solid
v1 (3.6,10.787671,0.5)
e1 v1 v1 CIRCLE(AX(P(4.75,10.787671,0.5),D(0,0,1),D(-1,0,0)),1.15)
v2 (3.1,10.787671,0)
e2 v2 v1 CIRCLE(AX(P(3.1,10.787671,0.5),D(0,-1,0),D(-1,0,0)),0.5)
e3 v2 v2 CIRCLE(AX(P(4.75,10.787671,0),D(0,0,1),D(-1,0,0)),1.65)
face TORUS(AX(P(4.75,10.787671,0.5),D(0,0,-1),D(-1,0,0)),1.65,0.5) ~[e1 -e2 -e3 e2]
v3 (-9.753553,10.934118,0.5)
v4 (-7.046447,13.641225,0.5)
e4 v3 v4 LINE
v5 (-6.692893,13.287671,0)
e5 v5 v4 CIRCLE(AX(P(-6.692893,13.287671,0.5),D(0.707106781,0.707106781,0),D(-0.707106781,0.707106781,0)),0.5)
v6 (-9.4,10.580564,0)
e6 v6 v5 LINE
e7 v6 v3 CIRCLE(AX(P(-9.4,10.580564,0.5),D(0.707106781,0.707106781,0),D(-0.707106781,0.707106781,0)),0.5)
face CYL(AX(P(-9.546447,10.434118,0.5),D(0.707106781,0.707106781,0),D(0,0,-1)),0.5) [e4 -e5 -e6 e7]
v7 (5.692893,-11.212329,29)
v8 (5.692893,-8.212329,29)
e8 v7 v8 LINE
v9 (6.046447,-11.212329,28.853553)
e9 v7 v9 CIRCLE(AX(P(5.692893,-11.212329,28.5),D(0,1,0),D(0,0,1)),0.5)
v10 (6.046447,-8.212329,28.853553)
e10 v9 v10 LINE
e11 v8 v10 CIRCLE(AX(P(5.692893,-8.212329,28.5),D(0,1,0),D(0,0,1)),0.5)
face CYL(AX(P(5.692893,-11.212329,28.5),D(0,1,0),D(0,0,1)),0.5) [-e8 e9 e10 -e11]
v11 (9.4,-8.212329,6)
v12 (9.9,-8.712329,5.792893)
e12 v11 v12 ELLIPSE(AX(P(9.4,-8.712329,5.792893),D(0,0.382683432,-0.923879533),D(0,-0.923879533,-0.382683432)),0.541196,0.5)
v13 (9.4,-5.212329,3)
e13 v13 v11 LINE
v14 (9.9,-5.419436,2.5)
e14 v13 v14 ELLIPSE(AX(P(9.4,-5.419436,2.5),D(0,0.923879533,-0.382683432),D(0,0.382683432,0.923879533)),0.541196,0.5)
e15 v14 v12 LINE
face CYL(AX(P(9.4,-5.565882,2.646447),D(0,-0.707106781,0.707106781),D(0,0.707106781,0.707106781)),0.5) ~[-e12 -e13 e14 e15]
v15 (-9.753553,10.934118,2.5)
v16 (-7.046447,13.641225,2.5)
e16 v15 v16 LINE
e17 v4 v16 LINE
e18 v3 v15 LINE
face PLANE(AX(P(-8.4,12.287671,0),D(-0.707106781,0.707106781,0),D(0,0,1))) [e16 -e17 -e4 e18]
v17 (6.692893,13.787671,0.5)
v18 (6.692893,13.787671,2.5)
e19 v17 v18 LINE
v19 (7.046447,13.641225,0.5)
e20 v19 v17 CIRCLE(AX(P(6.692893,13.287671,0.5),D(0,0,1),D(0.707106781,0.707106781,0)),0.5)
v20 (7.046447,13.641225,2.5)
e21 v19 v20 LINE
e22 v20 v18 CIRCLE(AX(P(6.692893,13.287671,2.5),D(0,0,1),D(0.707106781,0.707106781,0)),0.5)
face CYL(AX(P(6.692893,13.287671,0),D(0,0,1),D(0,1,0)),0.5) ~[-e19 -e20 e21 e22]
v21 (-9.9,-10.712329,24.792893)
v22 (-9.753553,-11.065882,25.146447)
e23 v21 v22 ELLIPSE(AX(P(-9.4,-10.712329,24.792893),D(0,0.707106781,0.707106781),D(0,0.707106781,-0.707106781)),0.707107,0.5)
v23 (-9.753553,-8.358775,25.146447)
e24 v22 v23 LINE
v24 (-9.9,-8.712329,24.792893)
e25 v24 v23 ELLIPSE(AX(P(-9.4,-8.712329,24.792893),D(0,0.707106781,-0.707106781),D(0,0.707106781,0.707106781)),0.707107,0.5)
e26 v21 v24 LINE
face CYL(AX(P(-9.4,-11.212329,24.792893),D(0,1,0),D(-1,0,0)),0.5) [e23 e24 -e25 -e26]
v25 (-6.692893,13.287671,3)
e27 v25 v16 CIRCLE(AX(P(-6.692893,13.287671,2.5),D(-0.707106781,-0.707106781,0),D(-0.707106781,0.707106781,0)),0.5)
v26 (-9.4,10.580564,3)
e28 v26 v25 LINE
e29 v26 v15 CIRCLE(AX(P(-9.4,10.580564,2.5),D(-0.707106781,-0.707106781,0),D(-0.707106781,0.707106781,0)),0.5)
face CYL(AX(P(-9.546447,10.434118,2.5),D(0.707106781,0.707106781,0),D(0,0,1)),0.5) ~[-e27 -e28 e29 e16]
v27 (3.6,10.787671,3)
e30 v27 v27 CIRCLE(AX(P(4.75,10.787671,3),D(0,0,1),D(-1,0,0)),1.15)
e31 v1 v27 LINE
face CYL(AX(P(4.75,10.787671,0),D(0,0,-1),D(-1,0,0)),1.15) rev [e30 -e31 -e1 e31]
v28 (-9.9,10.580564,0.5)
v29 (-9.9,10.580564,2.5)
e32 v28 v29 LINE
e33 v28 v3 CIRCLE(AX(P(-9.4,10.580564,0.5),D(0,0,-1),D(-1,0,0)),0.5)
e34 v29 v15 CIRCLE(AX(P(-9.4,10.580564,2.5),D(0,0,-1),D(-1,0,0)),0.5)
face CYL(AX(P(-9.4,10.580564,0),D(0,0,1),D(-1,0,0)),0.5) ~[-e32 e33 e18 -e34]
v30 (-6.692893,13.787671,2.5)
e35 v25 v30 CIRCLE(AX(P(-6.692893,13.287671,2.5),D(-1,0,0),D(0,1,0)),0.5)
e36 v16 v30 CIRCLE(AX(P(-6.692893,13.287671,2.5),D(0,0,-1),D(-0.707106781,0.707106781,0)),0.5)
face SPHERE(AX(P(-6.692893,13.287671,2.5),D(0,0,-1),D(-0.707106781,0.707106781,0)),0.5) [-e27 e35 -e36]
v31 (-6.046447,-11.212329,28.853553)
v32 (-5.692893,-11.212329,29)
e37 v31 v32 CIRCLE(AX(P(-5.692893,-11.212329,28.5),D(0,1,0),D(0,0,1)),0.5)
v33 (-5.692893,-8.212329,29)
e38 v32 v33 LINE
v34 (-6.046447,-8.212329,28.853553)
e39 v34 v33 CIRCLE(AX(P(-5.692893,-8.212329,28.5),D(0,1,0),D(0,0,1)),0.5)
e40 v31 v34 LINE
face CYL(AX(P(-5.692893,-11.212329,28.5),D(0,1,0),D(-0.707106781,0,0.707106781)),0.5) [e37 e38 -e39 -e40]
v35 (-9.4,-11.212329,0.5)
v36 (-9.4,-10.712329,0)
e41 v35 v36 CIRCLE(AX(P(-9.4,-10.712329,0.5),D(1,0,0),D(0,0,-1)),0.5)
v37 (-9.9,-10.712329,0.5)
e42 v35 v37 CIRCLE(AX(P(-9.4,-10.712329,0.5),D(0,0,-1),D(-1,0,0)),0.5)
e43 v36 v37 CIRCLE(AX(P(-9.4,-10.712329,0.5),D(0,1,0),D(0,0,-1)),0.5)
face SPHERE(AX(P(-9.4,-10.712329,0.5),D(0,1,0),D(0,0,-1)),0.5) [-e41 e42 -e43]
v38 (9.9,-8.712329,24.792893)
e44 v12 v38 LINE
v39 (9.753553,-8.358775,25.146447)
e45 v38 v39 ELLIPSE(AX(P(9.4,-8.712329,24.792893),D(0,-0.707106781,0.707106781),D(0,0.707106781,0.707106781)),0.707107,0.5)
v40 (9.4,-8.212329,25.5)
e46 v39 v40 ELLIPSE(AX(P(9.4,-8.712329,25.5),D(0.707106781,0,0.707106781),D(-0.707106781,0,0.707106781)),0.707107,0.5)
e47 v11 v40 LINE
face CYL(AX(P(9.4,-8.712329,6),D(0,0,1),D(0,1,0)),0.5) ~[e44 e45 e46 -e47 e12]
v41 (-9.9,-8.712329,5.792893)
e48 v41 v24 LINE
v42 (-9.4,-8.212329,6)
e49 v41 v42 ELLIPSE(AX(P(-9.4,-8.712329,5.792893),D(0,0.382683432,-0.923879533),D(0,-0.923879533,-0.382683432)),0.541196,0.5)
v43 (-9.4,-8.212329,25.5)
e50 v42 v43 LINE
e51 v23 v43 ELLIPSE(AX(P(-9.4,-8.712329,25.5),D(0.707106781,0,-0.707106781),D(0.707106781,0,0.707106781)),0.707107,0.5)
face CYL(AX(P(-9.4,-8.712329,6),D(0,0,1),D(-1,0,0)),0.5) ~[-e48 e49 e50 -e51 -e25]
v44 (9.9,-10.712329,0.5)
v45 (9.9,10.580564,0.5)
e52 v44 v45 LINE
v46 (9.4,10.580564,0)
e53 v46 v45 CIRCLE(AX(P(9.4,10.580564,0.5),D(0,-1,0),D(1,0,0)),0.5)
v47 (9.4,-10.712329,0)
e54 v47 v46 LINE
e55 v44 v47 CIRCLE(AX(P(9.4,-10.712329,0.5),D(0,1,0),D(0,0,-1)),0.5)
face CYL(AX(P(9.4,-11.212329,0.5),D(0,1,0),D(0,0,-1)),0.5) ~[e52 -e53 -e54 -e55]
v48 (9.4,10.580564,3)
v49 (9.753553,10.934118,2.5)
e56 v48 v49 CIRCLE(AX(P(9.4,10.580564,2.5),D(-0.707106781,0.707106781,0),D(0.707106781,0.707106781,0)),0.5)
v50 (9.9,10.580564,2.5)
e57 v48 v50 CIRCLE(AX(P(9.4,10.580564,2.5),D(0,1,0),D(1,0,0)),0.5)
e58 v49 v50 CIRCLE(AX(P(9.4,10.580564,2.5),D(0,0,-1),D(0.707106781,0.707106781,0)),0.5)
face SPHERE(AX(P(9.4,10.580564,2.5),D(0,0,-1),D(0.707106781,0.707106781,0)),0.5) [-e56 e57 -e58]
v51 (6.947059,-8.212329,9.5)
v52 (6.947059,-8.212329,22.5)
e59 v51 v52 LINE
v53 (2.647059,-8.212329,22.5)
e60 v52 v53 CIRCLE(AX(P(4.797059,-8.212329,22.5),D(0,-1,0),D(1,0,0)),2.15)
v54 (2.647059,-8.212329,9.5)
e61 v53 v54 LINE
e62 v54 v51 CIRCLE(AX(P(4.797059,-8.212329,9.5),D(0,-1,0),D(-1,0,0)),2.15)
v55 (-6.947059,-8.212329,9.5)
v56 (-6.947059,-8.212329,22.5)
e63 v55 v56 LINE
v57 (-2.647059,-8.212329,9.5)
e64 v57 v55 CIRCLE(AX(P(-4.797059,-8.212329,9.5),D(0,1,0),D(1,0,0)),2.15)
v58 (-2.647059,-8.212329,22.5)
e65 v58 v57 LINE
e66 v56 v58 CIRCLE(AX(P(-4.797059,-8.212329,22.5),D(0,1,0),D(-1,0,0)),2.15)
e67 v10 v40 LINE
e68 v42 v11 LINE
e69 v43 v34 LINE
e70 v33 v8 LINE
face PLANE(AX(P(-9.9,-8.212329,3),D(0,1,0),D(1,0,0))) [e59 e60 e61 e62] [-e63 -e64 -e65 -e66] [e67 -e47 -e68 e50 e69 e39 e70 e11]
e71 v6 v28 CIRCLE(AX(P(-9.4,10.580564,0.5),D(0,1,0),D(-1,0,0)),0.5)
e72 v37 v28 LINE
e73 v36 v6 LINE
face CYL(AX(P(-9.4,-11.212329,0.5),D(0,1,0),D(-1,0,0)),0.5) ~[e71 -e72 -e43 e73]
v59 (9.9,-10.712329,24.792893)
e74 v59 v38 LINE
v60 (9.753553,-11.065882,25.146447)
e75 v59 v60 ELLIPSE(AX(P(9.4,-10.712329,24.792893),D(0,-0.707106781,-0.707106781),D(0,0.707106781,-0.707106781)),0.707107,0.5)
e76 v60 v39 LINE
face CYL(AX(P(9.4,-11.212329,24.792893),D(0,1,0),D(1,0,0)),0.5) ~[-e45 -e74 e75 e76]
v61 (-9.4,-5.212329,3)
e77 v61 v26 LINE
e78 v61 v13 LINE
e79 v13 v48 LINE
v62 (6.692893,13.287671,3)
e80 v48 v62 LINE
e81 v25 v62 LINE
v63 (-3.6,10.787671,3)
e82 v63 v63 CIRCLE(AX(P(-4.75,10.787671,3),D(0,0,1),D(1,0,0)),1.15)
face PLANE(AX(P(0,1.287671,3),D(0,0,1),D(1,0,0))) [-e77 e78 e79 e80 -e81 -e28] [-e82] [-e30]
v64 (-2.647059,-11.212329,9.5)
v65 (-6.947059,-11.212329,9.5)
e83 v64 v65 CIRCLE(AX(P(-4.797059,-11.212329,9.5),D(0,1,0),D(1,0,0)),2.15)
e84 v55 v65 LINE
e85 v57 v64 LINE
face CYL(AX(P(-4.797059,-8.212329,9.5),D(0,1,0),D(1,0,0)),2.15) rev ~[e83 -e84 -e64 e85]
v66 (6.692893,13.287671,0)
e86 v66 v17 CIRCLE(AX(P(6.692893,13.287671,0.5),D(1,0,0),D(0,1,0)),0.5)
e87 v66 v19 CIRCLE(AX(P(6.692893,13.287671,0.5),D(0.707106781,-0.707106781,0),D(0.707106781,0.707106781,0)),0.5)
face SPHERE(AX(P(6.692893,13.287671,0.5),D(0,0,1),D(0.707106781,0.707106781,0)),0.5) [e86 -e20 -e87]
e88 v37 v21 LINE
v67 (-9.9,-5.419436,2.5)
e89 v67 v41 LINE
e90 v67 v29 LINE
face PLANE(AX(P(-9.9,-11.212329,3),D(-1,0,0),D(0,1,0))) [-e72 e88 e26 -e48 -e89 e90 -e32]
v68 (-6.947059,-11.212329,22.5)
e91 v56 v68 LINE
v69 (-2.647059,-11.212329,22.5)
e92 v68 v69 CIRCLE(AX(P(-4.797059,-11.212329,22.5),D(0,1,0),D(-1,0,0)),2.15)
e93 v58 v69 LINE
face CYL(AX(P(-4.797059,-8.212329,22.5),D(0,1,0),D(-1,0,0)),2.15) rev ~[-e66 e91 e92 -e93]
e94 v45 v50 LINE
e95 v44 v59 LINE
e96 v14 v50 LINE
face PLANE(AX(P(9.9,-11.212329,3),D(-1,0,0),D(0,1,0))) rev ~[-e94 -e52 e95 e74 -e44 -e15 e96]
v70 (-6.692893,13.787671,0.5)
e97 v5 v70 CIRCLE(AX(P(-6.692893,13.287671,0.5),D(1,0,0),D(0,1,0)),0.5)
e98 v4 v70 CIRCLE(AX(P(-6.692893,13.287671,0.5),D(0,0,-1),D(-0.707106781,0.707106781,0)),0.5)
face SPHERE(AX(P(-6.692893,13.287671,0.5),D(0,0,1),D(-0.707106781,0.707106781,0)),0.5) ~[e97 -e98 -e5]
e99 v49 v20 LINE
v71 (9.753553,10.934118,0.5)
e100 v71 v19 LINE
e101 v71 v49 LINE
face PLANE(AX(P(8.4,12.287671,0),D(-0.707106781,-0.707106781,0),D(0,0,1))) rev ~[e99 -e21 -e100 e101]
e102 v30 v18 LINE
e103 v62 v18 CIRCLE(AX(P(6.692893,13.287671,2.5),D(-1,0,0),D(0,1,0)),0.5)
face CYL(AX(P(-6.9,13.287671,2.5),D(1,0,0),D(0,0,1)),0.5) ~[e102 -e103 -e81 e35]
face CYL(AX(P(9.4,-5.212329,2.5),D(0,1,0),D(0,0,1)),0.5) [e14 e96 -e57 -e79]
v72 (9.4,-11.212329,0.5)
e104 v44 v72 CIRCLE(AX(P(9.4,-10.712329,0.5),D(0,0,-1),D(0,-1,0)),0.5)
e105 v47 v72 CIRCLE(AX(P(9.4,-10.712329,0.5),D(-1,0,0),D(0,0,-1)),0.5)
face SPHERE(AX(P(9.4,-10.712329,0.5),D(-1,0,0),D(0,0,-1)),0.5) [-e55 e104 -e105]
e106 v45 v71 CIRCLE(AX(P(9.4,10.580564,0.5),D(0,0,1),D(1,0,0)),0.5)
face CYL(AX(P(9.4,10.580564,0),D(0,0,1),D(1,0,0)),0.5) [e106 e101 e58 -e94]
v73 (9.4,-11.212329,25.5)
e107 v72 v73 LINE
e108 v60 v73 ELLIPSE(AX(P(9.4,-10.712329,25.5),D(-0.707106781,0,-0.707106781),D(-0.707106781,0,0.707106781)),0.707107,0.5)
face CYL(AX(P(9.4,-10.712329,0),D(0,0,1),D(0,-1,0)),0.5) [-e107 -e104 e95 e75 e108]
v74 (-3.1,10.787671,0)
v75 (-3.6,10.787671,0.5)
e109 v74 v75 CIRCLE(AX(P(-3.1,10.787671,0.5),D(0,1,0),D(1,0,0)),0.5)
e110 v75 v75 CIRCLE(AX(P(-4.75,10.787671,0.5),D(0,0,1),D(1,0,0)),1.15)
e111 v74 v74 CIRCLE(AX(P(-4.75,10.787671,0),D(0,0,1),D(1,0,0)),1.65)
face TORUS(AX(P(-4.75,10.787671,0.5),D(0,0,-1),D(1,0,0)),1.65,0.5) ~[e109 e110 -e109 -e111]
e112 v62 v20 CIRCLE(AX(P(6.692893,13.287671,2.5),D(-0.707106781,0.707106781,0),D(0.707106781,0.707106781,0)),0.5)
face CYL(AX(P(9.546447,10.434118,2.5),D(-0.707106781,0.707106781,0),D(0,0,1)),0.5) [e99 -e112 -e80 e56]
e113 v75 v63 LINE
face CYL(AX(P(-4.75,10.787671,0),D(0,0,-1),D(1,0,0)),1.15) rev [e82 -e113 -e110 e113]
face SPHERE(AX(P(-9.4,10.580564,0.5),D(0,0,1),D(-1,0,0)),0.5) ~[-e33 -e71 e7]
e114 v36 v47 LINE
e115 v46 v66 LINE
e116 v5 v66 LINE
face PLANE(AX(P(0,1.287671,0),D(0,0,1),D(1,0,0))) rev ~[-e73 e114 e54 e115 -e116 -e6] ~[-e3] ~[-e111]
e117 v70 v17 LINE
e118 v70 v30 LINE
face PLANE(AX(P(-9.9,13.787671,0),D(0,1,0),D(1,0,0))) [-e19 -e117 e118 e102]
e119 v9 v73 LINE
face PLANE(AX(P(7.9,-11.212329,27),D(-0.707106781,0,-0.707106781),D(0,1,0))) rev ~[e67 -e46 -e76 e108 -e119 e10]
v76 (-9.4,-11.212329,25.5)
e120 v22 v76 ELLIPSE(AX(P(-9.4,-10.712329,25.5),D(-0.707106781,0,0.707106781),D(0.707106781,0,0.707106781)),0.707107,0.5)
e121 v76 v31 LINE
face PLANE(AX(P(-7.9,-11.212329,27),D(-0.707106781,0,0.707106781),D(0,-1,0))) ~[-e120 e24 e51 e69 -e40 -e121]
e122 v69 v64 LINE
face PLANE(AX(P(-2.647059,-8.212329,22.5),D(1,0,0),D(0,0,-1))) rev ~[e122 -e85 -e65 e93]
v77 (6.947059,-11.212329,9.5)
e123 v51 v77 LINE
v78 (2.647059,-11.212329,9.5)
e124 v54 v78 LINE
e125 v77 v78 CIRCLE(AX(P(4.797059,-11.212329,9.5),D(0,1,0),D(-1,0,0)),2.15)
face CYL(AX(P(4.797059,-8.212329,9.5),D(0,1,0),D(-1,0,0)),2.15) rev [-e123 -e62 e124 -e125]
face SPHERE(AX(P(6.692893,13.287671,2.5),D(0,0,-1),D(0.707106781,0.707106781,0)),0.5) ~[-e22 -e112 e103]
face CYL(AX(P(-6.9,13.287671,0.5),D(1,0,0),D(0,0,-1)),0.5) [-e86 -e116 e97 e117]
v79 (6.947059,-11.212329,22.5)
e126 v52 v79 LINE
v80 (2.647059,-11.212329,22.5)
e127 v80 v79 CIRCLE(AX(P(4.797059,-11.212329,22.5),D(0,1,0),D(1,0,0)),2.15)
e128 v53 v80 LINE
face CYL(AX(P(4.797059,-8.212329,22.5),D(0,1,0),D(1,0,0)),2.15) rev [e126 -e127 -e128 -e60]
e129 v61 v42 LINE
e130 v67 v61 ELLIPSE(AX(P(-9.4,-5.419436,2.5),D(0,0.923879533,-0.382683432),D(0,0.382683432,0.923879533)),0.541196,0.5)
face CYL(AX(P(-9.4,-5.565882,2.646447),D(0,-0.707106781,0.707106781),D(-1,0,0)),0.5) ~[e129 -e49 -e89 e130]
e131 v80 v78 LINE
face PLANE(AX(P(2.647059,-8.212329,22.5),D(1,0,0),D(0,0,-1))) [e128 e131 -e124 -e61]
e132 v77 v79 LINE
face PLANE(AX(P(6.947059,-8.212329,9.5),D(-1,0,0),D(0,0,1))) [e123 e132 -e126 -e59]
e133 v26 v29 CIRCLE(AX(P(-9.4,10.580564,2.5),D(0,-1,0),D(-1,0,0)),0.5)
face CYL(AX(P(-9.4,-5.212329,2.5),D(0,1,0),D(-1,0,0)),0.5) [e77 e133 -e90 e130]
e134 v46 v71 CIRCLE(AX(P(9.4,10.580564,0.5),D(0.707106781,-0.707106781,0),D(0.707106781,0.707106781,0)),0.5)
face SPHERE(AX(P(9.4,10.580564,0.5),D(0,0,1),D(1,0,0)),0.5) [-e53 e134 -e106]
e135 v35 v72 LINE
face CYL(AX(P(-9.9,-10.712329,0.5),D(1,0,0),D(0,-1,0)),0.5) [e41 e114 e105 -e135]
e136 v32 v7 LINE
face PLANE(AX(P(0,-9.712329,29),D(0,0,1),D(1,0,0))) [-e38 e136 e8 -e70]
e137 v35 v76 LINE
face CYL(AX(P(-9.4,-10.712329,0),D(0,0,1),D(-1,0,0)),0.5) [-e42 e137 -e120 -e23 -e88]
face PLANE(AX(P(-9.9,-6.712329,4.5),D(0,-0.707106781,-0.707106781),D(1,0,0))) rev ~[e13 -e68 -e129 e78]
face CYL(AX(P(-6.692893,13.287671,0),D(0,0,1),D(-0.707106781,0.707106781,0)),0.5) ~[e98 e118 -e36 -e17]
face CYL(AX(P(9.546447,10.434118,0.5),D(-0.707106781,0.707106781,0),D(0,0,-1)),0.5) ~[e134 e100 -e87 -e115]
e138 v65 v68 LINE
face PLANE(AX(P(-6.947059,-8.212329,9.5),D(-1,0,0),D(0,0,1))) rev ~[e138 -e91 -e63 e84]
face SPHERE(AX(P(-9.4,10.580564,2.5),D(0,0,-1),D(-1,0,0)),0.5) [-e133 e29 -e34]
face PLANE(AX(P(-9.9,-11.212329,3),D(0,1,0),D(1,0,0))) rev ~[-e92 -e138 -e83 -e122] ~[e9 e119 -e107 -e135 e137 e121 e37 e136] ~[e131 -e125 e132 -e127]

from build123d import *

# Parameters (mm, degrees)
SKETCH1_W           = 19.8
SKETCH1_H           = 25
SKETCH1_R           = 1.15
BOSS_EXTRUDE1_DEPTH = 3
SKETCH2_W           = 19.8
SKETCH2_H           = 3
BOSS_EXTRUDE2_DEPTH = 26
CHAMFER1_SIZE       = 3
CUT_EXTRUDE1_DEPTH  = 15
CHAMFER2_SIZE       = 4
FILLET2_R           = 0.5


with BuildPart() as part:
    # Sketch1 → Boss-Extrude1 (new body)
    with BuildSketch(Plane.XY):
        with Locations((0, 1.287671233)):
            Rectangle(SKETCH1_W, SKETCH1_H)
        with Locations((-4.75, 10.787671233)):
            Circle(SKETCH1_R, mode=Mode.SUBTRACT)
        with Locations(Location((4.75, 10.787671233, 0), (0, 0, 180))):
            Circle(SKETCH1_R, mode=Mode.SUBTRACT)
    extrude(amount=BOSS_EXTRUDE1_DEPTH)

    # Sketch2 → Boss-Extrude2 (add)
    with BuildSketch(Plane.XY.offset(3)):
        with Locations((0, -9.712328767)):
            Rectangle(SKETCH2_W, SKETCH2_H)
    extrude(amount=BOSS_EXTRUDE2_DEPTH)

    # Chamfer1
    chamfer1_edges = [part.edges().sort_by_distance(p)[0] for p in [
        (0, -8.212328767, 3),
        (-9.9, 13.787671233, 1.5),
        (9.9, 13.787671233, 1.5),
    ]]
    chamfer(chamfer1_edges, length=CHAMFER1_SIZE)

    # Sketch4 → Cut-Extrude1 (cut)
    with BuildSketch(Plane(origin=(0, -8.212328767, 0), x_dir=(1, 0, 0), z_dir=(0, 1, 0))):
        with BuildLine():
            Line((2.647058824, -22.5), (2.647058824, -9.5))
            ThreePointArc((2.647058824, -9.5), (4.797058824, -7.35), (6.947058824, -9.5))
            Line((6.947058824, -9.5), (6.947058824, -22.5))
            ThreePointArc((6.947058824, -22.5), (4.797058824, -24.65), (2.647058824, -22.5))
        make_face()
        with BuildLine():
            Line((-2.647058824, -22.5), (-2.647058824, -9.5))
            ThreePointArc((-2.647058824, -9.5), (-4.797058824, -7.35), (-6.947058824, -9.5))
            Line((-6.947058824, -9.5), (-6.947058824, -22.5))
            ThreePointArc((-6.947058824, -22.5), (-4.797058824, -24.65), (-2.647058824, -22.5))
        make_face()
    extrude(amount=-CUT_EXTRUDE1_DEPTH, mode=Mode.SUBTRACT)

    # Chamfer2
    chamfer2_edges = [part.edges().sort_by_distance(p)[0] for p in [
        (-9.9, -9.712328767, 29),
        (9.9, -9.712328767, 29),
    ]]
    chamfer(chamfer2_edges, length=CHAMFER2_SIZE)

    # Fillet2
    fillet2_edges = [part.edges().sort_by_distance(p)[0] for p in [
        (-5.9, 10.787671233, 0),
        (5.9, 10.787671233, 0),
        (0, 13.787671233, 0),
        (0, 13.787671233, 3),
        (-6.9, 13.787671233, 1.5),
        (6.9, 13.787671233, 1.5),
        (-9.9, -0.212328767, 0),
        (-8.4, 12.287671233, 0),
        (8.4, 12.287671233, 0),
        (9.9, 2.787671233, 3),
        (9.9, 10.787671233, 1.5),
        (-9.9, 2.787671233, 3),
        (-8.4, 12.287671233, 3),
        (8.4, 12.287671233, 3),
        (-9.9, 10.787671233, 1.5),
        (-9.9, -6.712328767, 4.5),
        (9.9, -6.712328767, 4.5),
        (0, -11.212328767, 0),
        (9.9, -0.212328767, 0),
        (-5.9, -9.712328767, 29),
        (5.9, -9.712328767, 29),
        (9.9, -8.212328767, 15.5),
        (-9.9, -8.212328767, 15.5),
        (9.9, -11.212328767, 12.5),
        (9.9, -9.712328767, 25),
        (-9.9, -11.212328767, 12.5),
        (-9.9, -9.712328767, 25),
    ]]
    fillet(fillet2_edges, radius=FILLET2_R)


solid = part.part
